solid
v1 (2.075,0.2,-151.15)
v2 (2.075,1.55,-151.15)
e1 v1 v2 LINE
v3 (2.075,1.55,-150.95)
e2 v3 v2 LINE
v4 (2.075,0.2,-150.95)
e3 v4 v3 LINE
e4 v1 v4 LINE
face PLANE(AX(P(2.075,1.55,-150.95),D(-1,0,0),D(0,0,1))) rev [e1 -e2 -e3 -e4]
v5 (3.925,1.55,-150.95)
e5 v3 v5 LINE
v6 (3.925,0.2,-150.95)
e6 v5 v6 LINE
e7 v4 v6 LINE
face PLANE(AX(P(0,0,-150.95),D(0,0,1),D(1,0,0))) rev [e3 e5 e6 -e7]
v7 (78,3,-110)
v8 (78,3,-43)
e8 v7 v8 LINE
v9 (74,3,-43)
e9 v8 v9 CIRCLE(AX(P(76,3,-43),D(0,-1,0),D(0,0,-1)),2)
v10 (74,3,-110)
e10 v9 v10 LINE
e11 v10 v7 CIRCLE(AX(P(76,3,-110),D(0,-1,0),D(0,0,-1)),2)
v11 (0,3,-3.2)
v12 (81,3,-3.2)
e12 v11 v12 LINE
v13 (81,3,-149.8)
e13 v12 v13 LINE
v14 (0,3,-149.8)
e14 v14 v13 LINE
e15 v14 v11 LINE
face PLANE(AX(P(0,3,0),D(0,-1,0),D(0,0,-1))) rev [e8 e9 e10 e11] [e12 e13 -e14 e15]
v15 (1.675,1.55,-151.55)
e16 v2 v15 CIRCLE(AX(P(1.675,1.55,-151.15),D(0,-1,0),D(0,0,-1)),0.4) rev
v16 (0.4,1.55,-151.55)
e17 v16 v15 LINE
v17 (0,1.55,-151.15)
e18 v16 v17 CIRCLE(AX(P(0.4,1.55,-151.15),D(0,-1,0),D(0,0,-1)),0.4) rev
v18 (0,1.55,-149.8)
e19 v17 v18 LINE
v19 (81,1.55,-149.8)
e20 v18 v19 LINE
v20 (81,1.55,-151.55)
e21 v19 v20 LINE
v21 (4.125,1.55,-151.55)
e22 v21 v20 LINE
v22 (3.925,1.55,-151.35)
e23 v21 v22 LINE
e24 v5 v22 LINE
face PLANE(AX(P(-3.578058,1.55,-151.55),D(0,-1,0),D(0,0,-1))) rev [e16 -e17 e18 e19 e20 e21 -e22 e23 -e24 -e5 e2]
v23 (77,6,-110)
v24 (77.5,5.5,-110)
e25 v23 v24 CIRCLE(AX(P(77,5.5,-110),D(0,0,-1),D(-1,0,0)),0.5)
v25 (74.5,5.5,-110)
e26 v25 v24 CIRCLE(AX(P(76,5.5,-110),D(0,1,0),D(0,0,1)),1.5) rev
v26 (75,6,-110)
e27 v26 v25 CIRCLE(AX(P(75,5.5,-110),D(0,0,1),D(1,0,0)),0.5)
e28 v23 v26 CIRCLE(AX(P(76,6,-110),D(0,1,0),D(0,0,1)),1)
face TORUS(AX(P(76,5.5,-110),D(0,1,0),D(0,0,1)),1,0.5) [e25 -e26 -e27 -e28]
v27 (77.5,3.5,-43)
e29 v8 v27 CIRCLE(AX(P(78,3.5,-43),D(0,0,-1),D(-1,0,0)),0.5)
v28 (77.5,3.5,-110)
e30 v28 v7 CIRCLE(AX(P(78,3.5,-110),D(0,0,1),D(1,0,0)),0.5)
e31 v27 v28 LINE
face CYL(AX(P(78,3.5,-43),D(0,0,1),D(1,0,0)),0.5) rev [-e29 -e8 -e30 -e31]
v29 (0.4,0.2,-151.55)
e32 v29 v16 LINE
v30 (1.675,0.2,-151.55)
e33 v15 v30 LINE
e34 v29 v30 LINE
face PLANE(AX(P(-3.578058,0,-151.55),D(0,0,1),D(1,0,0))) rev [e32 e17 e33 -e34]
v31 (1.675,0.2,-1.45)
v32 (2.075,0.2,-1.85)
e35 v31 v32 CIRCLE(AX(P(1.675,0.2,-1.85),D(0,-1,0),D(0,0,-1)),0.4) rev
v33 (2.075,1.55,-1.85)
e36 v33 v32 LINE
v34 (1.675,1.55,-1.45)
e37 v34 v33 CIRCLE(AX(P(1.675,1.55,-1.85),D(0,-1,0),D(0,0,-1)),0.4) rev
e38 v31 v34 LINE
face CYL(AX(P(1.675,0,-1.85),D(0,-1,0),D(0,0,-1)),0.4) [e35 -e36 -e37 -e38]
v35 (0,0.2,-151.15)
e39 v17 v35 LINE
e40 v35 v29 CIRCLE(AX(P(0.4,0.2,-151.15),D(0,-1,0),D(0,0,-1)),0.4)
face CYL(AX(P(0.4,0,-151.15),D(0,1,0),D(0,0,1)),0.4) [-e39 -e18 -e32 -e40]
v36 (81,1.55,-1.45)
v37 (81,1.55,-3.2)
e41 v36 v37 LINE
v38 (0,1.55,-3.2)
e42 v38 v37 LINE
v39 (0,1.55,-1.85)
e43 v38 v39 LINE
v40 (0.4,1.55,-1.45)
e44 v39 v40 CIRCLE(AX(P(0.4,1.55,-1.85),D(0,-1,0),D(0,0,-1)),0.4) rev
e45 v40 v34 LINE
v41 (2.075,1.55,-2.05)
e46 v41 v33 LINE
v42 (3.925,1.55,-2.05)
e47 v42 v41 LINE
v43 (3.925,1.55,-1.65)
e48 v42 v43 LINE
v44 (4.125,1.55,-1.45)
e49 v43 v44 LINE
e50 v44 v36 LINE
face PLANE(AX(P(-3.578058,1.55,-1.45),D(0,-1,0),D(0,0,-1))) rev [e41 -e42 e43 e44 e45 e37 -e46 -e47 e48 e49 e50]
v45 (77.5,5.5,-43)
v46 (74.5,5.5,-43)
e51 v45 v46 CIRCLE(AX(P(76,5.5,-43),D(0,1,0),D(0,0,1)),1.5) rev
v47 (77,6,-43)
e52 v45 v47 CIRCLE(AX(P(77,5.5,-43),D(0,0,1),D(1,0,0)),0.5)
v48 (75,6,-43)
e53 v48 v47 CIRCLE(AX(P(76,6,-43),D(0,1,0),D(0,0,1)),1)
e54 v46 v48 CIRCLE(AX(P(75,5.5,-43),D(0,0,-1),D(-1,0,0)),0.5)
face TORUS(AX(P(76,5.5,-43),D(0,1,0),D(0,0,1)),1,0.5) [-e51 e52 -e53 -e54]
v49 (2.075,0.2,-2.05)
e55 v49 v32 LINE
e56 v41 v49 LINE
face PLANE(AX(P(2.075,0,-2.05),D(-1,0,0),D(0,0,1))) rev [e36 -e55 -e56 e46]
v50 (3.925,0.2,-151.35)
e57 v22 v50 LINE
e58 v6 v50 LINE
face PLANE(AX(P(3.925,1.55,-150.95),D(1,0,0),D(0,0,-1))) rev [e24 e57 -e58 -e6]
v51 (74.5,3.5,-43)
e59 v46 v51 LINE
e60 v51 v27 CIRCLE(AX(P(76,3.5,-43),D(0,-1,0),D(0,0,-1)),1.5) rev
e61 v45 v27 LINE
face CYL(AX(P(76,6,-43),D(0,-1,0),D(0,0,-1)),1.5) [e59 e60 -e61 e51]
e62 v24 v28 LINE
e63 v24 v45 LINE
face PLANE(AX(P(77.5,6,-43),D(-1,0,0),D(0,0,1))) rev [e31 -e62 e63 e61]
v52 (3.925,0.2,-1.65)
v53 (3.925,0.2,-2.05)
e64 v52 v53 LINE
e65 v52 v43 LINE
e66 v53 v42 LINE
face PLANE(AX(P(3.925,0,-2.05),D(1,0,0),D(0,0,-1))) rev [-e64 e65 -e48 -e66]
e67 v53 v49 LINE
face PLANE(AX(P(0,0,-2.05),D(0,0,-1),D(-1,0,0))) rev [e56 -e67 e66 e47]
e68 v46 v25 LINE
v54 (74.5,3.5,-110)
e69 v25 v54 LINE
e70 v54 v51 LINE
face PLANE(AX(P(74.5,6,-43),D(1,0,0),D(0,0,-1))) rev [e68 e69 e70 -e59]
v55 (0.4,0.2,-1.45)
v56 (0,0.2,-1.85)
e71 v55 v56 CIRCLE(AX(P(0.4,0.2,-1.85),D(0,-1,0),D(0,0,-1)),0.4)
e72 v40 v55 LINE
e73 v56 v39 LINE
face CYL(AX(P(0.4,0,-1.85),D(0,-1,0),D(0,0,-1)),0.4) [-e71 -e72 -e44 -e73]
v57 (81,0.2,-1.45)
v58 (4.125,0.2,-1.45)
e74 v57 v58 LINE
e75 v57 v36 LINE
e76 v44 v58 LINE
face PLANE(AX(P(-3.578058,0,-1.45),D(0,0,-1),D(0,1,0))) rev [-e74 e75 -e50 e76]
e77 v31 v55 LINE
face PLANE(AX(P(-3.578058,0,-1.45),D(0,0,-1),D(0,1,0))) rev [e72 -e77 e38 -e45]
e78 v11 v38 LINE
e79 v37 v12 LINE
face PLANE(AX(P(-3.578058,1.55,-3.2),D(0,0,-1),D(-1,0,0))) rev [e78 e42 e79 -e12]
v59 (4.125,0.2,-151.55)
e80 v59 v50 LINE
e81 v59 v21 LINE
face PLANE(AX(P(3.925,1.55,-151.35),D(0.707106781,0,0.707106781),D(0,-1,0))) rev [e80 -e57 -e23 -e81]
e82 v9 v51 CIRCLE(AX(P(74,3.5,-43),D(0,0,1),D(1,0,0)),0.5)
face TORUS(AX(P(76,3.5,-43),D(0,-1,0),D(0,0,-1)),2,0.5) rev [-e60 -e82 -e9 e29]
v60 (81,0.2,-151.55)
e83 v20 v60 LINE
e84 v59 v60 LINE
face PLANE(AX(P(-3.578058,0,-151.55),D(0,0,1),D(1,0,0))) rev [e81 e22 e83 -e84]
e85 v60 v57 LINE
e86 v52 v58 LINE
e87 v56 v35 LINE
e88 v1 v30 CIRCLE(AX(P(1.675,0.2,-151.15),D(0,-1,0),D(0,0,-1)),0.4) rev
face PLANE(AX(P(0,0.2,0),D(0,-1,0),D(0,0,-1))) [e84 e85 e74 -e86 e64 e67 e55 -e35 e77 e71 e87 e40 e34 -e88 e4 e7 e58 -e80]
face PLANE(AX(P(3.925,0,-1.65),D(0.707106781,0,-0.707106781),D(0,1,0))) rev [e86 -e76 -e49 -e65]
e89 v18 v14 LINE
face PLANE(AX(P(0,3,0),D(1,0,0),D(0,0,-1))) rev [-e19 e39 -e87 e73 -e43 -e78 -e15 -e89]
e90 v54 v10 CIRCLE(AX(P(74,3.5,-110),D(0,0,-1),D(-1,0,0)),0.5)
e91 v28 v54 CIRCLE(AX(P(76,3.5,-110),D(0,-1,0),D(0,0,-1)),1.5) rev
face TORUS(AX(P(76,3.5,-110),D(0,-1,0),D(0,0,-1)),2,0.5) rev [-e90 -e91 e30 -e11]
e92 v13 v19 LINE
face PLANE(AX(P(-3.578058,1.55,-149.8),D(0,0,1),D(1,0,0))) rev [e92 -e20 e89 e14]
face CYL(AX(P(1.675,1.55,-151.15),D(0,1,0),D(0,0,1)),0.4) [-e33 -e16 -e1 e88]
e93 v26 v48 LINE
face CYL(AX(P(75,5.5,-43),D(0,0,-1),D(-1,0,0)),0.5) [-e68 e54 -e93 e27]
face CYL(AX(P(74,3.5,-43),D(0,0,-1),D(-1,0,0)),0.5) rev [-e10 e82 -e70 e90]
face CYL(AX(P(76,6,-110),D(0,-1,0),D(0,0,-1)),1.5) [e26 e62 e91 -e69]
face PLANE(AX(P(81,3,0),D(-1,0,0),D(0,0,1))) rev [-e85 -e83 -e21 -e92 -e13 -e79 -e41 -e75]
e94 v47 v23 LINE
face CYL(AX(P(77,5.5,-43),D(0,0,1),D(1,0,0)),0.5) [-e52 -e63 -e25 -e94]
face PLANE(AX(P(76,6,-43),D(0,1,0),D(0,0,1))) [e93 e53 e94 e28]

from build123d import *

# Parameters (mm, degrees)
SKETCH1_W           = 81
SKETCH1_H           = 153
BOSS_EXTRUDE1_DEPTH = 3
CUT_EXTRUDE2_DEPTH  = 81
CUT_EXTRUDE3_DEPTH  = 81
SKETCH6_W           = 1.85
SKETCH6_H           = 1.55
CUT_EXTRUDE5_DEPTH  = 0.6
FILLET6_R           = 0.4
CHAMFER2_SIZE       = 0.2
SKETCH7_W           = 1.85
SKETCH7_H           = 1.55
CUT_EXTRUDE6_DEPTH  = 0.6
FILLET7_R           = 0.4
CHAMFER3_SIZE       = 0.2
SKETCH10_W          = 81
SKETCH10_H          = 150.1
CUT_EXTRUDE7_DEPTH  = 0.2
FILLET8_R           = 0.4
BOSS_EXTRUDE2_DEPTH = 3
FILLET10_R          = 0.5


with BuildPart() as part:
    # Sketch1 → Boss-Extrude1 (new body)
    with BuildSketch(Plane(origin=(0, 0, 0), x_dir=(1, 0, 0), z_dir=(0, 1, 0))):
        with Locations((40.5, 76.5)):
            Rectangle(SKETCH1_W, SKETCH1_H)
    extrude(amount=BOSS_EXTRUDE1_DEPTH)

    # Sketch2 → Cut-Extrude2 (cut)
    with BuildSketch(Plane(origin=(81, 0, 0), x_dir=(0, 0, -1), z_dir=(1, 0, 0))):
        Polygon((0, 3), (3, 3), (3, 1.75), (1.25, 1.75), (1.25, 0), (0, 0), align=None)
        Polygon((151.75, 0), (153, 0), (153, 3), (150, 3), (150, 1.75), (151.75, 1.75), align=None)
    extrude(amount=-CUT_EXTRUDE2_DEPTH, mode=Mode.SUBTRACT)

    # Sketch4 → Cut-Extrude3 (cut)
    with BuildSketch(Plane(origin=(81, 0, 0), x_dir=(0, 0, -1), z_dir=(1, 0, 0))):
        Polygon((3.2, 3), (3, 3), (3, 1.75), (1.25, 1.75), (1.25, 0), (1.45, 0), (1.45, 1.55), (3.2, 1.55), align=None)
        Polygon((151.75, 0), (151.55, 0), (151.55, 1.55), (149.8, 1.55), (149.8, 3), (150, 3), (150, 1.75), (151.75, 1.75), align=None)
    extrude(amount=-CUT_EXTRUDE3_DEPTH, mode=Mode.SUBTRACT)

    # Sketch6 → Cut-Extrude5 (cut)
    with BuildSketch(Plane.XY.offset(-1.45)):
        with Locations((3, 0.775)):
            Rectangle(SKETCH6_W, SKETCH6_H)
    extrude(amount=-CUT_EXTRUDE5_DEPTH, mode=Mode.SUBTRACT)

    # Fillet6
    fillet6_edges = [part.edges().sort_by_distance(p)[0] for p in [
        (2.075, 0.775, -1.45),
    ]]
    fillet(fillet6_edges, radius=FILLET6_R)

    # Chamfer2
    chamfer2_edges = [part.edges().sort_by_distance(p)[0] for p in [
        (3.925, 0.775, -1.45),
    ]]
    chamfer(chamfer2_edges, length=CHAMFER2_SIZE)

    # Sketch7 → Cut-Extrude6 (cut)
    with BuildSketch(Plane(origin=(0, 0, -151.55), x_dir=(-1, 0, 0), z_dir=(0, 0, -1))):
        with Locations((-3, 0.775)):
            Rectangle(SKETCH7_W, SKETCH7_H)
    extrude(amount=-CUT_EXTRUDE6_DEPTH, mode=Mode.SUBTRACT)

    # Fillet7
    fillet7_edges = [part.edges().sort_by_distance(p)[0] for p in [
        (2.075, 0.775, -151.55),
    ]]
    fillet(fillet7_edges, radius=FILLET7_R)

    # Chamfer3
    chamfer3_edges = [part.edges().sort_by_distance(p)[0] for p in [
        (3.925, 0.775, -151.55),
    ]]
    chamfer(chamfer3_edges, length=CHAMFER3_SIZE)

    # Sketch10 → Cut-Extrude7 (cut)
    with BuildSketch(Plane(origin=(0, 0, 0), x_dir=(-1, 0, 0), z_dir=(0, -1, 0))):
        with Locations((-40.5, 76.5)):
            Rectangle(SKETCH10_W, SKETCH10_H)
    extrude(amount=-CUT_EXTRUDE7_DEPTH, mode=Mode.SUBTRACT)

    # Fillet8
    fillet8_edges = [part.edges().sort_by_distance(p)[0] for p in [
        (0, 0.875, -151.55),
        (0, 0.875, -1.45),
    ]]
    fillet(fillet8_edges, radius=FILLET8_R)

    # Sketch9 → Boss-Extrude2 (add)
    with BuildSketch(Plane(origin=(0, 3, 0), x_dir=(1, 0, 0), z_dir=(0, 1, 0))):
        with BuildLine():
            Line((74.5, 43), (74.5, 110))
            ThreePointArc((74.5, 110), (76, 111.5), (77.5, 110))
            Line((77.5, 110), (77.5, 43))
            ThreePointArc((77.5, 43), (76, 41.5), (74.5, 43))
        make_face()
    extrude(amount=BOSS_EXTRUDE2_DEPTH)

    # Fillet10
    fillet10_edges = [part.edges().sort_by_distance(p)[0] for p in [
        (76, 3, -41.5),
        (77.5, 3, -76.5),
        (76, 3, -111.5),
        (74.5, 3, -76.5),
        (76, 6, -41.5),
        (77.5, 6, -76.5),
        (76, 6, -111.5),
        (74.5, 6, -76.5),
    ]]
    fillet(fillet10_edges, radius=FILLET10_R)


solid = part.part
